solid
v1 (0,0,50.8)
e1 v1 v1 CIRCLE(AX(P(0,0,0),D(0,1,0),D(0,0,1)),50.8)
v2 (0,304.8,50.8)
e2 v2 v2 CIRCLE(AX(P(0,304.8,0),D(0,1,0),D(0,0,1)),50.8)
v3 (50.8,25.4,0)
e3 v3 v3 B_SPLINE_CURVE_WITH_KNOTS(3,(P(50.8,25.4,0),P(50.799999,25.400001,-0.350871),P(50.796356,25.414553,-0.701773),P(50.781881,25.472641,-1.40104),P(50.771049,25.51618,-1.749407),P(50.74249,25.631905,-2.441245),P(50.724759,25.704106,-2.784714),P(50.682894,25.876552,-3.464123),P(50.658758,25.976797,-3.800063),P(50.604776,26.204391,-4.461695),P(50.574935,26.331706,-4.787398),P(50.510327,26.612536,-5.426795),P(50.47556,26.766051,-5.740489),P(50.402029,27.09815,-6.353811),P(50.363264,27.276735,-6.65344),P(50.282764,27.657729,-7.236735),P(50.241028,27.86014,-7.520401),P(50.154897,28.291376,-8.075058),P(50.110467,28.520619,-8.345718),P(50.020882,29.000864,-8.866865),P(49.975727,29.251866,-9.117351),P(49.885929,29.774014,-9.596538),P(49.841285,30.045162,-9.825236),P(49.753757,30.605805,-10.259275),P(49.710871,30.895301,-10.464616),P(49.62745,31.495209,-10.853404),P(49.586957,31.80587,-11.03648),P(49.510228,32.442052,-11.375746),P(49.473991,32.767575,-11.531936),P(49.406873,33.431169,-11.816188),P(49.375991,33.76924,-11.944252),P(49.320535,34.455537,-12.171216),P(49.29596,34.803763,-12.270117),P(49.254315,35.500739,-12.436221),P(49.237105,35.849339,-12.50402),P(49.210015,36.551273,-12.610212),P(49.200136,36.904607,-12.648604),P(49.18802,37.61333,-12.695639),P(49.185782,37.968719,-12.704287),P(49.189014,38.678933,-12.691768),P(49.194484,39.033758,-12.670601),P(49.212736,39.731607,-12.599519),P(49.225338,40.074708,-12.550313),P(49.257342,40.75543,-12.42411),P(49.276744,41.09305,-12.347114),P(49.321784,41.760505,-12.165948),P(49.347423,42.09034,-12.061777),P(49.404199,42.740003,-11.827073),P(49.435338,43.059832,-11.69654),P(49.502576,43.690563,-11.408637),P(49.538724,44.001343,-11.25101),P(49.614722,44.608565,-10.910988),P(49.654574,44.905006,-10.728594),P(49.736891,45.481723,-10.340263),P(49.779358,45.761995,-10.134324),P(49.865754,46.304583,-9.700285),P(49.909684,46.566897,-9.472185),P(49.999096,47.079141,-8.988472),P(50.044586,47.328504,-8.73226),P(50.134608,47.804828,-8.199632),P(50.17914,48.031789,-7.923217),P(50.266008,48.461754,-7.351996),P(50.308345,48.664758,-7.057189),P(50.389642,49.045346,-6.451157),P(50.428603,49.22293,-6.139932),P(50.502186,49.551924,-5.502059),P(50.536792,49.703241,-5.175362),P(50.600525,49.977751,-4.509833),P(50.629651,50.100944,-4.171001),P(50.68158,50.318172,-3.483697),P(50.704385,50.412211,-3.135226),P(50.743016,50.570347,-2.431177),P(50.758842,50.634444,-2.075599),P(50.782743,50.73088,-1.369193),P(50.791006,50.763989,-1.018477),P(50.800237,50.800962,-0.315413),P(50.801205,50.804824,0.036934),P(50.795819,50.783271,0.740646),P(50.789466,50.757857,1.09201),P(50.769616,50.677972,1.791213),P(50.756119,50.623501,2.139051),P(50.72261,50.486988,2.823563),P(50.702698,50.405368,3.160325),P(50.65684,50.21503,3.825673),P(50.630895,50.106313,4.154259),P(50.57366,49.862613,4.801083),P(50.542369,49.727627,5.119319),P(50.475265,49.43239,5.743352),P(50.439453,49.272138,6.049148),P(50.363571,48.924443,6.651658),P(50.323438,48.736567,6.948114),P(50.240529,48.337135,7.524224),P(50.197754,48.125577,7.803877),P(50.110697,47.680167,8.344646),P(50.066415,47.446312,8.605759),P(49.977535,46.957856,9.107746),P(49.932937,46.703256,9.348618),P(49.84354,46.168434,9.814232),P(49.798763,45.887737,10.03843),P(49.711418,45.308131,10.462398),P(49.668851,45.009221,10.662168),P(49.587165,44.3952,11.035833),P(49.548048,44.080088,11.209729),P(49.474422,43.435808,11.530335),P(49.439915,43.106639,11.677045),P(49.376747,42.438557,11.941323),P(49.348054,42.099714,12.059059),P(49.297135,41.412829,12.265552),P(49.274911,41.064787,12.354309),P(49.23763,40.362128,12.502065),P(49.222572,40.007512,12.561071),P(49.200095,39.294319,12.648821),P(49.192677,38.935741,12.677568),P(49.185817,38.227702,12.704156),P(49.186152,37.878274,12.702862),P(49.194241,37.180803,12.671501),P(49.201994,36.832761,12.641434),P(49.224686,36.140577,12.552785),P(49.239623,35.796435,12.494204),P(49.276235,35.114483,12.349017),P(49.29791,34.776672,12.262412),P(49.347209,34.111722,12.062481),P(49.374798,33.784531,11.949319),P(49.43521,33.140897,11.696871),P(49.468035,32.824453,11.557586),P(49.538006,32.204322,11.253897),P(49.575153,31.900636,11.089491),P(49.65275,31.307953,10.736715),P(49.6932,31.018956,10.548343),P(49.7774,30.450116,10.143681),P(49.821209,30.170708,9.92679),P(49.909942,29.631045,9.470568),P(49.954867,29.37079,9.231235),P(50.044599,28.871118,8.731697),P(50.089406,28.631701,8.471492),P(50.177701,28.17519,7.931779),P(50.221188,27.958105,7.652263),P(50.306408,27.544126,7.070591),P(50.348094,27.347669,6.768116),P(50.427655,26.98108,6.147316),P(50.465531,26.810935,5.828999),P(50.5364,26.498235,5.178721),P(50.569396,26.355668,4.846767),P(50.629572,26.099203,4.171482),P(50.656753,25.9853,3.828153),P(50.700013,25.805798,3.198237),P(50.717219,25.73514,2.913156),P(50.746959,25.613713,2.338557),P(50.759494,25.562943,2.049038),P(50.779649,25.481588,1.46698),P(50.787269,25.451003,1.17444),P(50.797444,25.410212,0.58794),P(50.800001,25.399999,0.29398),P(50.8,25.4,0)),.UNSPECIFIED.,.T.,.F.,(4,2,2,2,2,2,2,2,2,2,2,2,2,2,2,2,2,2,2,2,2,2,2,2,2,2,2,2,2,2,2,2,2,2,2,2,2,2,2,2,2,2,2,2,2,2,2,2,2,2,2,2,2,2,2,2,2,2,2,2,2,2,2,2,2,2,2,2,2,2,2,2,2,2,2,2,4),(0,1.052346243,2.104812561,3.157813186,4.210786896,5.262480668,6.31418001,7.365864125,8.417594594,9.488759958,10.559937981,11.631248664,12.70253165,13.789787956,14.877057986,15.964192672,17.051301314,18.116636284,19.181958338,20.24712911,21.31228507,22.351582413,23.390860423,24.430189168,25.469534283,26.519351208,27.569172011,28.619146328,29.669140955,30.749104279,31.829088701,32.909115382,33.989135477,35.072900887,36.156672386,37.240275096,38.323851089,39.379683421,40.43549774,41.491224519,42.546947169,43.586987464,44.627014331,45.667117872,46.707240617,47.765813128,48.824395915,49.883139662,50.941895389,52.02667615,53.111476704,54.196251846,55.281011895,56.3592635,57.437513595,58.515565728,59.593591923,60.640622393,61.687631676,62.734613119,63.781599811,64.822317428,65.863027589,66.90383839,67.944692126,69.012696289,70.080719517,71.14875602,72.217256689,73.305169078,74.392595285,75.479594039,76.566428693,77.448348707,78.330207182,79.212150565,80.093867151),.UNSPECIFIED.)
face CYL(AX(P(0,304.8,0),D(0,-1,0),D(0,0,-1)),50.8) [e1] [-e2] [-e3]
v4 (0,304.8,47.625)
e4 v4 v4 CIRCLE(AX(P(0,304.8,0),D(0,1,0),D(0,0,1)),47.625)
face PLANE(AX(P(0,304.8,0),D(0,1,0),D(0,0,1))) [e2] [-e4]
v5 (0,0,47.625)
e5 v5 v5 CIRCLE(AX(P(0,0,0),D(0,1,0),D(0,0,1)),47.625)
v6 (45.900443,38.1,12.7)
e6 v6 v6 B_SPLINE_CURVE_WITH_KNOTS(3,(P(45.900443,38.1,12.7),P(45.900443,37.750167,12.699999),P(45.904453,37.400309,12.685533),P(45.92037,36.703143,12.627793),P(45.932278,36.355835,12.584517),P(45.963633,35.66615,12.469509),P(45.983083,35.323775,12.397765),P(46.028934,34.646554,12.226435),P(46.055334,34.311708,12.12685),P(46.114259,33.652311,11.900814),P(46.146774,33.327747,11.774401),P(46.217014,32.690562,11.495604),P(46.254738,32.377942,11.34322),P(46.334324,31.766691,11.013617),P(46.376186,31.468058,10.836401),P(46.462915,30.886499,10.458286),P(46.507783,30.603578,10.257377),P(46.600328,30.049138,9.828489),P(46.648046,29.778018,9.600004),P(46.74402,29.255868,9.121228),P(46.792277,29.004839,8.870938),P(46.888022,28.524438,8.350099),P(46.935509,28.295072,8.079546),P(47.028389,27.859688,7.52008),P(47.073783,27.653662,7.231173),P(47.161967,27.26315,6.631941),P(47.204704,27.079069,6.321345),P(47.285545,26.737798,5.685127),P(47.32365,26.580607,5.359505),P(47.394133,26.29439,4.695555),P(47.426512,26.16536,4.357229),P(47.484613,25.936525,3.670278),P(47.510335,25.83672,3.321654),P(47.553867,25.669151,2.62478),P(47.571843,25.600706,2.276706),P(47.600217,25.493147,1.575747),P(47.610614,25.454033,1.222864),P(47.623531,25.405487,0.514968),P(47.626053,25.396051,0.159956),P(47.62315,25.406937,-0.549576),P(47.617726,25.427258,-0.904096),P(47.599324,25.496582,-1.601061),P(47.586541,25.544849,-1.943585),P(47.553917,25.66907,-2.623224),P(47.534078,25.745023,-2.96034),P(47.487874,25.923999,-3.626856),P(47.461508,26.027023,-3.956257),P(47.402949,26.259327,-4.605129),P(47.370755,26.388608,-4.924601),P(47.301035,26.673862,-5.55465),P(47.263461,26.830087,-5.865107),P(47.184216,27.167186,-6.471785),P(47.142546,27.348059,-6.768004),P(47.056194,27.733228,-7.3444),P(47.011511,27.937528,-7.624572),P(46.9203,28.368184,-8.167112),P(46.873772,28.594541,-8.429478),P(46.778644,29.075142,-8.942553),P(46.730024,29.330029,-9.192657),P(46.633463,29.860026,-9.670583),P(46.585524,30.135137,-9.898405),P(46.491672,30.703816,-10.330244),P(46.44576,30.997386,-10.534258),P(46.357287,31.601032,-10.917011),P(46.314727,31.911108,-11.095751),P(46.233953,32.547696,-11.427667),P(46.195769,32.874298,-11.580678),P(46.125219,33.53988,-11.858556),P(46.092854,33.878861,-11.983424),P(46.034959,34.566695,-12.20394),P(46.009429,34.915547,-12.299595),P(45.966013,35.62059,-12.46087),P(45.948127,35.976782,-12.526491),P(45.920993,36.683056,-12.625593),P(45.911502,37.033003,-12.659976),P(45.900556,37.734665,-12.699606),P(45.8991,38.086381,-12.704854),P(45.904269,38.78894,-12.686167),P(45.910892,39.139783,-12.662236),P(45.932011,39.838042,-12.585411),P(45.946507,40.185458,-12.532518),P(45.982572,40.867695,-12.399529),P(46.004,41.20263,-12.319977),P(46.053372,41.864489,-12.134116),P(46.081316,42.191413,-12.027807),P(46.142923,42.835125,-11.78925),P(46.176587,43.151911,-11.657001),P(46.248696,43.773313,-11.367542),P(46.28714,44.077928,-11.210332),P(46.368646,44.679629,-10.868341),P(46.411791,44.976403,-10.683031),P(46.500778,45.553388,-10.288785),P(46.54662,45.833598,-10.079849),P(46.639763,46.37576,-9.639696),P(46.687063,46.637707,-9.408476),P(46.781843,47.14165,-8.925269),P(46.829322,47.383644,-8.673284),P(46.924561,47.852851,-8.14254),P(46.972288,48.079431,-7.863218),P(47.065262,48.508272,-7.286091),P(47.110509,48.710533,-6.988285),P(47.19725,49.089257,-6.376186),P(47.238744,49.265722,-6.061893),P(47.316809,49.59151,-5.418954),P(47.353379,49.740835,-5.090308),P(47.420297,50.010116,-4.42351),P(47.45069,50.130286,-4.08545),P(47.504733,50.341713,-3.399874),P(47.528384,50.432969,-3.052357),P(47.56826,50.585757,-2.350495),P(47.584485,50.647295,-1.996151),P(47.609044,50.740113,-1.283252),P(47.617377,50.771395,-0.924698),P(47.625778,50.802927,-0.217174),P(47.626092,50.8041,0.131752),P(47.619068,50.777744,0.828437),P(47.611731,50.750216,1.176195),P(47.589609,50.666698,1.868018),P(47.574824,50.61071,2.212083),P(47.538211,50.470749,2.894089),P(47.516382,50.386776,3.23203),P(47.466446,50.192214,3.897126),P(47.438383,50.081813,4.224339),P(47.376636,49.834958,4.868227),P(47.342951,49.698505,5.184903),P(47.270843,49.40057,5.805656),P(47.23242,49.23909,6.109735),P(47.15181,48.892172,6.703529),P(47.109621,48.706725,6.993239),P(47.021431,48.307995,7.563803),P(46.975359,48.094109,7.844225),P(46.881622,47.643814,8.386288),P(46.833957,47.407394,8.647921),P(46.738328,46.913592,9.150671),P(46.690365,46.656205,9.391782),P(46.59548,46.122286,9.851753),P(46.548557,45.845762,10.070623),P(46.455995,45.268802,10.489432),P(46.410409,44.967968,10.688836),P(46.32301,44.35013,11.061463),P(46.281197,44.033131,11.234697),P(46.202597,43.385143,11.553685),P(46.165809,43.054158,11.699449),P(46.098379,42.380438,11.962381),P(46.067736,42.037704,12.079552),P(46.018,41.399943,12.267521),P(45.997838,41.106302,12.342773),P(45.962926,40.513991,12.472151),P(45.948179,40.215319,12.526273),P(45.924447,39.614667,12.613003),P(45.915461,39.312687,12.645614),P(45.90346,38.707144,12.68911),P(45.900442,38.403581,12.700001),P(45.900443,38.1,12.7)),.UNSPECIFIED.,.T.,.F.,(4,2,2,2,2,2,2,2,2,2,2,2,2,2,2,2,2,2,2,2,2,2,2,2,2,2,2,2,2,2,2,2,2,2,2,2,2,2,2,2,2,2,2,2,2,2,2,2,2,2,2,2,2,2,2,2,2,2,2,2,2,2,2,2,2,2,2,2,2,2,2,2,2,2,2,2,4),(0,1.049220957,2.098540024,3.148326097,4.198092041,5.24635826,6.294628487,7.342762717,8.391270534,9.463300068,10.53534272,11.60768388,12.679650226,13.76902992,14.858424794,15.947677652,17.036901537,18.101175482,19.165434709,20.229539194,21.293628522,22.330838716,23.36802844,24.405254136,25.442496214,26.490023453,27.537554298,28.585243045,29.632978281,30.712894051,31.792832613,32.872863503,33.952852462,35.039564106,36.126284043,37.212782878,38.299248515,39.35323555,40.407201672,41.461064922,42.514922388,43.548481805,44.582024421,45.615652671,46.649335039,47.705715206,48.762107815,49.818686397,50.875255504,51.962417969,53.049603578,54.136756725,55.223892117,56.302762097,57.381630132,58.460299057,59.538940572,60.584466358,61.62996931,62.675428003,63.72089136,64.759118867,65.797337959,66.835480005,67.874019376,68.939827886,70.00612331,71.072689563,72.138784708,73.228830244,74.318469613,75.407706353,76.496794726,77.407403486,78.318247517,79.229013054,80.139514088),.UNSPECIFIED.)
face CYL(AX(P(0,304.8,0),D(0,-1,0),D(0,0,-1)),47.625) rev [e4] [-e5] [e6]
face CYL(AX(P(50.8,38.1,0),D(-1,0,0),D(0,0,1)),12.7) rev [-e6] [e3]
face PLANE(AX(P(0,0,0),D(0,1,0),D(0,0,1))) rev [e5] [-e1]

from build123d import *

# Parameters (mm, degrees)
SKETCH1_R           = 50.8
SKETCH1_R_2         = 47.625
BOSS_EXTRUDE1_DEPTH = 304.8
SKETCH2_R           = 12.7
CUT_EXTRUDE1_DEPTH  = 314.152231351


with BuildPart() as part:
    # Sketch1 → Boss-Extrude1 (new body)
    with BuildSketch(Plane(origin=(0, 0, 0), x_dir=(1, 0, 0), z_dir=(0, 1, 0))):
        with Locations(Location((0, 0, 0), (0, 0, 90))):
            Circle(SKETCH1_R)
        with Locations(Location((0, 0, 0), (0, 0, 90))):
            Circle(SKETCH1_R_2, mode=Mode.SUBTRACT)
    extrude(amount=BOSS_EXTRUDE1_DEPTH)

    # Sketch2 → Cut-Extrude1 (cut, through all)
    with BuildSketch(Plane(origin=(0, 0, 0), x_dir=(0, 0, -1), z_dir=(1, 0, 0))):
        with Locations(Location((0, 38.1, 0), (0, 0, 180))):
            Circle(SKETCH2_R)
    extrude(amount=CUT_EXTRUDE1_DEPTH, mode=Mode.SUBTRACT)


solid = part.part
